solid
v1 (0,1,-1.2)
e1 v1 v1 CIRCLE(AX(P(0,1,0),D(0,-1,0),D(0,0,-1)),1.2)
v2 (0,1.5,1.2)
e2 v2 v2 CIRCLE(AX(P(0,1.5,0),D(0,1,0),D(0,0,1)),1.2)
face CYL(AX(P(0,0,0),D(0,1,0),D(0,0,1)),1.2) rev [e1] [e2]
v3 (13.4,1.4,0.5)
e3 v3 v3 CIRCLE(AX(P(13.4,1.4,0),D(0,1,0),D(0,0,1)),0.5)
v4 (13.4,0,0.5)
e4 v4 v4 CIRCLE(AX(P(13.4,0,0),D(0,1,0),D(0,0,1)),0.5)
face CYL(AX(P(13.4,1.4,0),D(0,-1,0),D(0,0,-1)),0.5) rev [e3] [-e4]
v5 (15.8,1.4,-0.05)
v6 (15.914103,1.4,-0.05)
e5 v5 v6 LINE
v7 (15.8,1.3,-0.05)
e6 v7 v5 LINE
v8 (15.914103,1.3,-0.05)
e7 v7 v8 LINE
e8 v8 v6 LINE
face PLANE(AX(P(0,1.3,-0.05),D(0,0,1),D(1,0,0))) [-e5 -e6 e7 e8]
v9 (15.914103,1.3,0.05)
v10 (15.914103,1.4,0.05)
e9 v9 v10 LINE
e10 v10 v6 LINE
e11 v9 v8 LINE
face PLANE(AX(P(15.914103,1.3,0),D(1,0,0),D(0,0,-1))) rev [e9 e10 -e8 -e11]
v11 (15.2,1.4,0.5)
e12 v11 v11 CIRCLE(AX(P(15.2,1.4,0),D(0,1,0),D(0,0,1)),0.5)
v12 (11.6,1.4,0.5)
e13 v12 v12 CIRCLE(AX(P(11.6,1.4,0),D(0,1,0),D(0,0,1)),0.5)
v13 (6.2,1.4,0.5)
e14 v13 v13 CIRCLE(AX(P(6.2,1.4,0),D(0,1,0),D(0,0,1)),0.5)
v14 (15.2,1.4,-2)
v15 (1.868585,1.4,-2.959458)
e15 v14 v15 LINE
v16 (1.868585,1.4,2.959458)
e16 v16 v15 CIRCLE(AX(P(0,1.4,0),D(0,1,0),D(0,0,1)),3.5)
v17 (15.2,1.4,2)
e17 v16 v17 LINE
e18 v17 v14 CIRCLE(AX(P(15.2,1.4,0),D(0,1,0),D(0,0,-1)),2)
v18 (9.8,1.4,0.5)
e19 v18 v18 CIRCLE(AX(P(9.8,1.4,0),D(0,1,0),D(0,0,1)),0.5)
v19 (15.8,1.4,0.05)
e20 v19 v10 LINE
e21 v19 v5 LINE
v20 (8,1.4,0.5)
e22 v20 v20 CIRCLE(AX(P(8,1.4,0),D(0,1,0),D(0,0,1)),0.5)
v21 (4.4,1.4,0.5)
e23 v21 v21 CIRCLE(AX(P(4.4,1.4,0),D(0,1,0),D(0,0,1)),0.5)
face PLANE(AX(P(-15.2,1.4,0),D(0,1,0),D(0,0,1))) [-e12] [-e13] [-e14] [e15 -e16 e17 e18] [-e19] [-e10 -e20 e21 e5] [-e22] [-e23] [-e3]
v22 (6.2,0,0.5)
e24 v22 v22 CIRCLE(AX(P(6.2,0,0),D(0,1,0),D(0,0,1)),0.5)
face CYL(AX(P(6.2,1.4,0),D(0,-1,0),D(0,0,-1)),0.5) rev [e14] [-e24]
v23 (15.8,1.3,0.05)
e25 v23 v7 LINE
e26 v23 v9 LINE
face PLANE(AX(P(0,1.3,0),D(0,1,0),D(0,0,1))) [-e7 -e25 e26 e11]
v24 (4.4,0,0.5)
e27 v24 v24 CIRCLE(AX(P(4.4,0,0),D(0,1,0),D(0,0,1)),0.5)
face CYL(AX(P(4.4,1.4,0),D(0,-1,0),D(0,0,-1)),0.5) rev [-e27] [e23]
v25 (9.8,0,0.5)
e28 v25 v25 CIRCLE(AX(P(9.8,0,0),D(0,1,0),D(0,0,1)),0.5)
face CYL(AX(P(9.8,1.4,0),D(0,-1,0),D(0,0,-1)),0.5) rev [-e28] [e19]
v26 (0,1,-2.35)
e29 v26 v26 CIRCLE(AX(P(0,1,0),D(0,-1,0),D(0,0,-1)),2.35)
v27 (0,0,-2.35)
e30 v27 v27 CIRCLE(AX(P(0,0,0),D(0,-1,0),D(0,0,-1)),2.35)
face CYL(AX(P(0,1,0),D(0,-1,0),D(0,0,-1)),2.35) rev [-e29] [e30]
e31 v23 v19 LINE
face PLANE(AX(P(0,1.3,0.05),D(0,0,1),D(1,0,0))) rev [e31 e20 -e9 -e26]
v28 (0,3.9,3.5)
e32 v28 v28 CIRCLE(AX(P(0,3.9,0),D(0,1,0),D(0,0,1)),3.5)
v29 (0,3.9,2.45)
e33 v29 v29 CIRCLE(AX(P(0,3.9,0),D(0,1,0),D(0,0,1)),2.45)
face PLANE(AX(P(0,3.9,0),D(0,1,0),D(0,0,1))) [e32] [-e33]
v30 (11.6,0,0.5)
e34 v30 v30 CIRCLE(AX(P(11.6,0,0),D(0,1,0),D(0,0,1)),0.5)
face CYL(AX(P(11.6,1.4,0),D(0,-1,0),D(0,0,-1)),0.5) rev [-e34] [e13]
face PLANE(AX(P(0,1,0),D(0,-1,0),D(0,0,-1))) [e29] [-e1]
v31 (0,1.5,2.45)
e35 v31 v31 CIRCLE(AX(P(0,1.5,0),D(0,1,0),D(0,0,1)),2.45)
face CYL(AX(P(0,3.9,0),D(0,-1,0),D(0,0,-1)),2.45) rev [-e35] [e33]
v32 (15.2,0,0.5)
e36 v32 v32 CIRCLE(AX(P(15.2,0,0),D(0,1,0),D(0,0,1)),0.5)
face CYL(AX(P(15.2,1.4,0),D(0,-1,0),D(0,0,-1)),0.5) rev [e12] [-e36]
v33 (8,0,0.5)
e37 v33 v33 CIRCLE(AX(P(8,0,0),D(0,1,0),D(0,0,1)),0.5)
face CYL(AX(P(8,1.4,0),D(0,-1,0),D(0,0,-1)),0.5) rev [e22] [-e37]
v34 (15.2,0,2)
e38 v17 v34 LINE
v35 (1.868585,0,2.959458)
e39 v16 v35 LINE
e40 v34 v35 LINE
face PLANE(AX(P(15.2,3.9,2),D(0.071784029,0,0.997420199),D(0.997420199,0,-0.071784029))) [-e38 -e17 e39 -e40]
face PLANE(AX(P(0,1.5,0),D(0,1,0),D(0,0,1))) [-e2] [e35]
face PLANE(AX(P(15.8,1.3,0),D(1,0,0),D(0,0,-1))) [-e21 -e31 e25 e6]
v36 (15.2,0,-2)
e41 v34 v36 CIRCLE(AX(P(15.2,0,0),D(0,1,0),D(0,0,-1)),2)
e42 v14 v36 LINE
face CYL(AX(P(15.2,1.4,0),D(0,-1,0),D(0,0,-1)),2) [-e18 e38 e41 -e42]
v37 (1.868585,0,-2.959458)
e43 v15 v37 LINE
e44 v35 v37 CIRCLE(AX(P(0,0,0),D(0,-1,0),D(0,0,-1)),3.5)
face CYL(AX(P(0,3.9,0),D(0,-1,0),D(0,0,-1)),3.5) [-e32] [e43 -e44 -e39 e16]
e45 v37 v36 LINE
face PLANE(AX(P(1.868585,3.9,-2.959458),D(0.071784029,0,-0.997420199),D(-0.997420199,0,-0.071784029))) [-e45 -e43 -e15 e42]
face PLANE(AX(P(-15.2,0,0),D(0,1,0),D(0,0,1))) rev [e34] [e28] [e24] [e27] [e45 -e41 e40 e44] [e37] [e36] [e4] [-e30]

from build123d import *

# Parameters (mm, degrees)
SKETCH1_R           = 0.5
BOSS_EXTRUDE1_DEPTH = 1.4
SKETCH2_R           = 2.35
CUT_EXTRUDE1_DEPTH  = 1
SKETCH3_R           = 3.5
SKETCH3_R_2         = 2.45
BOSS_EXTRUDE2_DEPTH = 2.5
SKETCH4_R           = 1.2
CUT_EXTRUDE2_DEPTH  = 20.282440198
SKETCH5_R           = 2.45
SKETCH5_R_2         = 1.2
BOSS_EXTRUDE3_DEPTH = 0.1
SKETCH6_W           = 35.735260114
SKETCH6_H           = 17.672039004
CUT_EXTRUDE4_DEPTH  = 20.513392837
CUT_EXTRUDE5_DEPTH  = 18.980545042
SKETCH8_W           = 0.114102852
SKETCH8_H           = 0.1
CUT_EXTRUDE6_DEPTH  = 0.1


with BuildPart() as part:
    # Sketch1 → Boss-Extrude1 (new body)
    with BuildSketch(Plane(origin=(0, 0, 0), x_dir=(1, 0, 0), z_dir=(0, 1, 0))):
        with BuildLine():
            Line((-15.2, 2), (-2, 2.95))
            Line((-2, 2.95), (-2, 6.35))
            ThreePointArc((-2, 6.35), (0, 8.35), (2, 6.35))
            Line((2, 6.35), (2, 3.5))
            Line((2, 3.5), (15.2, 2))
            ThreePointArc((15.2, 2), (17.2, 0), (15.2, -2))
            Line((15.2, -2), (2, -3.5))
            Line((2, -3.5), (2, -6.35))
            ThreePointArc((2, -6.35), (0, -8.35), (-2, -6.35))
            Line((-2, -6.35), (-2, -2.95))
            Line((-2, -2.95), (-15.2, -2))
            ThreePointArc((-15.2, -2), (-17.2, 0), (-15.2, 2))
        make_face()
        with Locations(Location((0, 6.35, 0), (0, 0, 270))):
            Circle(SKETCH1_R, mode=Mode.SUBTRACT)
        with Locations(Location((0, 4.55, 0), (0, 0, 270))):
            Circle(SKETCH1_R, mode=Mode.SUBTRACT)
        with Locations(Location((0, -4.55, 0), (0, 0, 90))):
            Circle(SKETCH1_R, mode=Mode.SUBTRACT)
        with Locations(Location((0, -6.35, 0), (0, 0, 90))):
            Circle(SKETCH1_R, mode=Mode.SUBTRACT)
        with Locations(Location((-15.2, 0, 0), (0, 0, 270))):
            Circle(SKETCH1_R, mode=Mode.SUBTRACT)
        with Locations(Location((15.2, 0, 0), (0, 0, 270))):
            Circle(SKETCH1_R, mode=Mode.SUBTRACT)
        with Locations(Location((-13.4, 0, 0), (0, 0, 270))):
            Circle(SKETCH1_R, mode=Mode.SUBTRACT)
        with Locations(Location((-11.6, 0, 0), (0, 0, 270))):
            Circle(SKETCH1_R, mode=Mode.SUBTRACT)
        with Locations(Location((-9.8, 0, 0), (0, 0, 270))):
            Circle(SKETCH1_R, mode=Mode.SUBTRACT)
        with Locations(Location((-8, 0, 0), (0, 0, 270))):
            Circle(SKETCH1_R, mode=Mode.SUBTRACT)
        with Locations(Location((-6.2, 0, 0), (0, 0, 270))):
            Circle(SKETCH1_R, mode=Mode.SUBTRACT)
        with Locations(Location((-4.4, 0, 0), (0, 0, 270))):
            Circle(SKETCH1_R, mode=Mode.SUBTRACT)
        with Locations(Location((13.4, 0, 0), (0, 0, 270))):
            Circle(SKETCH1_R, mode=Mode.SUBTRACT)
        with Locations(Location((11.6, 0, 0), (0, 0, 270))):
            Circle(SKETCH1_R, mode=Mode.SUBTRACT)
        with Locations(Location((9.8, 0, 0), (0, 0, 270))):
            Circle(SKETCH1_R, mode=Mode.SUBTRACT)
        with Locations(Location((8, 0, 0), (0, 0, 270))):
            Circle(SKETCH1_R, mode=Mode.SUBTRACT)
        with Locations(Location((6.2, 0, 0), (0, 0, 270))):
            Circle(SKETCH1_R, mode=Mode.SUBTRACT)
        with Locations(Location((4.4, 0, 0), (0, 0, 270))):
            Circle(SKETCH1_R, mode=Mode.SUBTRACT)
    extrude(amount=BOSS_EXTRUDE1_DEPTH)

    # Sketch2 → Cut-Extrude1 (cut)
    with BuildSketch(Plane.XZ):
        with Locations(Location((0, 0, 0), (0, 0, 270))):
            Circle(SKETCH2_R)
    extrude(amount=-CUT_EXTRUDE1_DEPTH, mode=Mode.SUBTRACT)

    # Sketch3 → Boss-Extrude2 (add)
    with BuildSketch(Plane(origin=(0, 1.4, 0), x_dir=(1, 0, 0), z_dir=(0, 1, 0))):
        with Locations(Location((0, 0, 0), (0, 0, 270))):
            Circle(SKETCH3_R)
        with Locations(Location((0, 0, 0), (0, 0, 270))):
            Circle(SKETCH3_R_2, mode=Mode.SUBTRACT)
    extrude(amount=BOSS_EXTRUDE2_DEPTH)

    # Sketch4 → Cut-Extrude2 (cut, through all)
    with BuildSketch(Plane(origin=(0, 1.4, 0), x_dir=(1, 0, 0), z_dir=(0, 1, 0))):
        with Locations(Location((0, 0, 0), (0, 0, 270))):
            Circle(SKETCH4_R)
    extrude(amount=-CUT_EXTRUDE2_DEPTH, mode=Mode.SUBTRACT)

    # Sketch5 → Boss-Extrude3 (add)
    with BuildSketch(Plane(origin=(0, 1.4, 0), x_dir=(1, 0, 0), z_dir=(0, 1, 0))):
        with Locations(Location((0, 0, 0), (0, 0, 270))):
            Circle(SKETCH5_R)
        with Locations(Location((0, 0, 0), (0, 0, 270))):
            Circle(SKETCH5_R_2, mode=Mode.SUBTRACT)
    extrude(amount=BOSS_EXTRUDE3_DEPTH)

    # Sketch6 → Cut-Extrude4 (cut, through all)
    with BuildSketch(Plane.XZ):
        Rectangle(SKETCH6_W, SKETCH6_H)
        with BuildLine():
            Line((-1.868584713, -2.959457918), (-15.2, -2))
            ThreePointArc((-15.2, -2), (-17.2, 0), (-15.2, 2))
            Line((-15.2, 2), (-1.868584713, 2.959457918))
            ThreePointArc((-1.868584713, 2.959457918), (0, 3.5), (1.868584713, 2.959457918))
            Line((1.868584713, 2.959457918), (15.2, 2))
            ThreePointArc((15.2, 2), (17.2, 0), (15.2, -2))
            Line((15.2, -2), (1.868584713, -2.959457918))
            ThreePointArc((1.868584713, -2.959457918), (0, -3.5), (-1.868584713, -2.959457918))
        make_face(mode=Mode.SUBTRACT)
    extrude(amount=-CUT_EXTRUDE4_DEPTH, mode=Mode.SUBTRACT)

    # Sketch7 → Cut-Extrude5 (cut, through all)
    with BuildSketch(Plane.XZ):
        with BuildLine():
            Line((0, 3.5), (-17.731768104, 3.5))
            Line((-17.731768104, 3.5), (-17.731768104, -3.5))
            Line((-17.731768104, -3.5), (0, -3.5))
            ThreePointArc((0, -3.5), (-3.5, 0), (0, 3.5))
        make_face()
    extrude(amount=-CUT_EXTRUDE5_DEPTH, mode=Mode.SUBTRACT)

    # Sketch8 → Cut-Extrude6 (cut)
    with BuildSketch(Plane(origin=(0, 1.4, 0), x_dir=(1, 0, 0), z_dir=(0, 1, 0))):
        with Locations((15.857051426, 0)):
            Rectangle(SKETCH8_W, SKETCH8_H)
    extrude(amount=-CUT_EXTRUDE6_DEPTH, mode=Mode.SUBTRACT)


solid = part.part
